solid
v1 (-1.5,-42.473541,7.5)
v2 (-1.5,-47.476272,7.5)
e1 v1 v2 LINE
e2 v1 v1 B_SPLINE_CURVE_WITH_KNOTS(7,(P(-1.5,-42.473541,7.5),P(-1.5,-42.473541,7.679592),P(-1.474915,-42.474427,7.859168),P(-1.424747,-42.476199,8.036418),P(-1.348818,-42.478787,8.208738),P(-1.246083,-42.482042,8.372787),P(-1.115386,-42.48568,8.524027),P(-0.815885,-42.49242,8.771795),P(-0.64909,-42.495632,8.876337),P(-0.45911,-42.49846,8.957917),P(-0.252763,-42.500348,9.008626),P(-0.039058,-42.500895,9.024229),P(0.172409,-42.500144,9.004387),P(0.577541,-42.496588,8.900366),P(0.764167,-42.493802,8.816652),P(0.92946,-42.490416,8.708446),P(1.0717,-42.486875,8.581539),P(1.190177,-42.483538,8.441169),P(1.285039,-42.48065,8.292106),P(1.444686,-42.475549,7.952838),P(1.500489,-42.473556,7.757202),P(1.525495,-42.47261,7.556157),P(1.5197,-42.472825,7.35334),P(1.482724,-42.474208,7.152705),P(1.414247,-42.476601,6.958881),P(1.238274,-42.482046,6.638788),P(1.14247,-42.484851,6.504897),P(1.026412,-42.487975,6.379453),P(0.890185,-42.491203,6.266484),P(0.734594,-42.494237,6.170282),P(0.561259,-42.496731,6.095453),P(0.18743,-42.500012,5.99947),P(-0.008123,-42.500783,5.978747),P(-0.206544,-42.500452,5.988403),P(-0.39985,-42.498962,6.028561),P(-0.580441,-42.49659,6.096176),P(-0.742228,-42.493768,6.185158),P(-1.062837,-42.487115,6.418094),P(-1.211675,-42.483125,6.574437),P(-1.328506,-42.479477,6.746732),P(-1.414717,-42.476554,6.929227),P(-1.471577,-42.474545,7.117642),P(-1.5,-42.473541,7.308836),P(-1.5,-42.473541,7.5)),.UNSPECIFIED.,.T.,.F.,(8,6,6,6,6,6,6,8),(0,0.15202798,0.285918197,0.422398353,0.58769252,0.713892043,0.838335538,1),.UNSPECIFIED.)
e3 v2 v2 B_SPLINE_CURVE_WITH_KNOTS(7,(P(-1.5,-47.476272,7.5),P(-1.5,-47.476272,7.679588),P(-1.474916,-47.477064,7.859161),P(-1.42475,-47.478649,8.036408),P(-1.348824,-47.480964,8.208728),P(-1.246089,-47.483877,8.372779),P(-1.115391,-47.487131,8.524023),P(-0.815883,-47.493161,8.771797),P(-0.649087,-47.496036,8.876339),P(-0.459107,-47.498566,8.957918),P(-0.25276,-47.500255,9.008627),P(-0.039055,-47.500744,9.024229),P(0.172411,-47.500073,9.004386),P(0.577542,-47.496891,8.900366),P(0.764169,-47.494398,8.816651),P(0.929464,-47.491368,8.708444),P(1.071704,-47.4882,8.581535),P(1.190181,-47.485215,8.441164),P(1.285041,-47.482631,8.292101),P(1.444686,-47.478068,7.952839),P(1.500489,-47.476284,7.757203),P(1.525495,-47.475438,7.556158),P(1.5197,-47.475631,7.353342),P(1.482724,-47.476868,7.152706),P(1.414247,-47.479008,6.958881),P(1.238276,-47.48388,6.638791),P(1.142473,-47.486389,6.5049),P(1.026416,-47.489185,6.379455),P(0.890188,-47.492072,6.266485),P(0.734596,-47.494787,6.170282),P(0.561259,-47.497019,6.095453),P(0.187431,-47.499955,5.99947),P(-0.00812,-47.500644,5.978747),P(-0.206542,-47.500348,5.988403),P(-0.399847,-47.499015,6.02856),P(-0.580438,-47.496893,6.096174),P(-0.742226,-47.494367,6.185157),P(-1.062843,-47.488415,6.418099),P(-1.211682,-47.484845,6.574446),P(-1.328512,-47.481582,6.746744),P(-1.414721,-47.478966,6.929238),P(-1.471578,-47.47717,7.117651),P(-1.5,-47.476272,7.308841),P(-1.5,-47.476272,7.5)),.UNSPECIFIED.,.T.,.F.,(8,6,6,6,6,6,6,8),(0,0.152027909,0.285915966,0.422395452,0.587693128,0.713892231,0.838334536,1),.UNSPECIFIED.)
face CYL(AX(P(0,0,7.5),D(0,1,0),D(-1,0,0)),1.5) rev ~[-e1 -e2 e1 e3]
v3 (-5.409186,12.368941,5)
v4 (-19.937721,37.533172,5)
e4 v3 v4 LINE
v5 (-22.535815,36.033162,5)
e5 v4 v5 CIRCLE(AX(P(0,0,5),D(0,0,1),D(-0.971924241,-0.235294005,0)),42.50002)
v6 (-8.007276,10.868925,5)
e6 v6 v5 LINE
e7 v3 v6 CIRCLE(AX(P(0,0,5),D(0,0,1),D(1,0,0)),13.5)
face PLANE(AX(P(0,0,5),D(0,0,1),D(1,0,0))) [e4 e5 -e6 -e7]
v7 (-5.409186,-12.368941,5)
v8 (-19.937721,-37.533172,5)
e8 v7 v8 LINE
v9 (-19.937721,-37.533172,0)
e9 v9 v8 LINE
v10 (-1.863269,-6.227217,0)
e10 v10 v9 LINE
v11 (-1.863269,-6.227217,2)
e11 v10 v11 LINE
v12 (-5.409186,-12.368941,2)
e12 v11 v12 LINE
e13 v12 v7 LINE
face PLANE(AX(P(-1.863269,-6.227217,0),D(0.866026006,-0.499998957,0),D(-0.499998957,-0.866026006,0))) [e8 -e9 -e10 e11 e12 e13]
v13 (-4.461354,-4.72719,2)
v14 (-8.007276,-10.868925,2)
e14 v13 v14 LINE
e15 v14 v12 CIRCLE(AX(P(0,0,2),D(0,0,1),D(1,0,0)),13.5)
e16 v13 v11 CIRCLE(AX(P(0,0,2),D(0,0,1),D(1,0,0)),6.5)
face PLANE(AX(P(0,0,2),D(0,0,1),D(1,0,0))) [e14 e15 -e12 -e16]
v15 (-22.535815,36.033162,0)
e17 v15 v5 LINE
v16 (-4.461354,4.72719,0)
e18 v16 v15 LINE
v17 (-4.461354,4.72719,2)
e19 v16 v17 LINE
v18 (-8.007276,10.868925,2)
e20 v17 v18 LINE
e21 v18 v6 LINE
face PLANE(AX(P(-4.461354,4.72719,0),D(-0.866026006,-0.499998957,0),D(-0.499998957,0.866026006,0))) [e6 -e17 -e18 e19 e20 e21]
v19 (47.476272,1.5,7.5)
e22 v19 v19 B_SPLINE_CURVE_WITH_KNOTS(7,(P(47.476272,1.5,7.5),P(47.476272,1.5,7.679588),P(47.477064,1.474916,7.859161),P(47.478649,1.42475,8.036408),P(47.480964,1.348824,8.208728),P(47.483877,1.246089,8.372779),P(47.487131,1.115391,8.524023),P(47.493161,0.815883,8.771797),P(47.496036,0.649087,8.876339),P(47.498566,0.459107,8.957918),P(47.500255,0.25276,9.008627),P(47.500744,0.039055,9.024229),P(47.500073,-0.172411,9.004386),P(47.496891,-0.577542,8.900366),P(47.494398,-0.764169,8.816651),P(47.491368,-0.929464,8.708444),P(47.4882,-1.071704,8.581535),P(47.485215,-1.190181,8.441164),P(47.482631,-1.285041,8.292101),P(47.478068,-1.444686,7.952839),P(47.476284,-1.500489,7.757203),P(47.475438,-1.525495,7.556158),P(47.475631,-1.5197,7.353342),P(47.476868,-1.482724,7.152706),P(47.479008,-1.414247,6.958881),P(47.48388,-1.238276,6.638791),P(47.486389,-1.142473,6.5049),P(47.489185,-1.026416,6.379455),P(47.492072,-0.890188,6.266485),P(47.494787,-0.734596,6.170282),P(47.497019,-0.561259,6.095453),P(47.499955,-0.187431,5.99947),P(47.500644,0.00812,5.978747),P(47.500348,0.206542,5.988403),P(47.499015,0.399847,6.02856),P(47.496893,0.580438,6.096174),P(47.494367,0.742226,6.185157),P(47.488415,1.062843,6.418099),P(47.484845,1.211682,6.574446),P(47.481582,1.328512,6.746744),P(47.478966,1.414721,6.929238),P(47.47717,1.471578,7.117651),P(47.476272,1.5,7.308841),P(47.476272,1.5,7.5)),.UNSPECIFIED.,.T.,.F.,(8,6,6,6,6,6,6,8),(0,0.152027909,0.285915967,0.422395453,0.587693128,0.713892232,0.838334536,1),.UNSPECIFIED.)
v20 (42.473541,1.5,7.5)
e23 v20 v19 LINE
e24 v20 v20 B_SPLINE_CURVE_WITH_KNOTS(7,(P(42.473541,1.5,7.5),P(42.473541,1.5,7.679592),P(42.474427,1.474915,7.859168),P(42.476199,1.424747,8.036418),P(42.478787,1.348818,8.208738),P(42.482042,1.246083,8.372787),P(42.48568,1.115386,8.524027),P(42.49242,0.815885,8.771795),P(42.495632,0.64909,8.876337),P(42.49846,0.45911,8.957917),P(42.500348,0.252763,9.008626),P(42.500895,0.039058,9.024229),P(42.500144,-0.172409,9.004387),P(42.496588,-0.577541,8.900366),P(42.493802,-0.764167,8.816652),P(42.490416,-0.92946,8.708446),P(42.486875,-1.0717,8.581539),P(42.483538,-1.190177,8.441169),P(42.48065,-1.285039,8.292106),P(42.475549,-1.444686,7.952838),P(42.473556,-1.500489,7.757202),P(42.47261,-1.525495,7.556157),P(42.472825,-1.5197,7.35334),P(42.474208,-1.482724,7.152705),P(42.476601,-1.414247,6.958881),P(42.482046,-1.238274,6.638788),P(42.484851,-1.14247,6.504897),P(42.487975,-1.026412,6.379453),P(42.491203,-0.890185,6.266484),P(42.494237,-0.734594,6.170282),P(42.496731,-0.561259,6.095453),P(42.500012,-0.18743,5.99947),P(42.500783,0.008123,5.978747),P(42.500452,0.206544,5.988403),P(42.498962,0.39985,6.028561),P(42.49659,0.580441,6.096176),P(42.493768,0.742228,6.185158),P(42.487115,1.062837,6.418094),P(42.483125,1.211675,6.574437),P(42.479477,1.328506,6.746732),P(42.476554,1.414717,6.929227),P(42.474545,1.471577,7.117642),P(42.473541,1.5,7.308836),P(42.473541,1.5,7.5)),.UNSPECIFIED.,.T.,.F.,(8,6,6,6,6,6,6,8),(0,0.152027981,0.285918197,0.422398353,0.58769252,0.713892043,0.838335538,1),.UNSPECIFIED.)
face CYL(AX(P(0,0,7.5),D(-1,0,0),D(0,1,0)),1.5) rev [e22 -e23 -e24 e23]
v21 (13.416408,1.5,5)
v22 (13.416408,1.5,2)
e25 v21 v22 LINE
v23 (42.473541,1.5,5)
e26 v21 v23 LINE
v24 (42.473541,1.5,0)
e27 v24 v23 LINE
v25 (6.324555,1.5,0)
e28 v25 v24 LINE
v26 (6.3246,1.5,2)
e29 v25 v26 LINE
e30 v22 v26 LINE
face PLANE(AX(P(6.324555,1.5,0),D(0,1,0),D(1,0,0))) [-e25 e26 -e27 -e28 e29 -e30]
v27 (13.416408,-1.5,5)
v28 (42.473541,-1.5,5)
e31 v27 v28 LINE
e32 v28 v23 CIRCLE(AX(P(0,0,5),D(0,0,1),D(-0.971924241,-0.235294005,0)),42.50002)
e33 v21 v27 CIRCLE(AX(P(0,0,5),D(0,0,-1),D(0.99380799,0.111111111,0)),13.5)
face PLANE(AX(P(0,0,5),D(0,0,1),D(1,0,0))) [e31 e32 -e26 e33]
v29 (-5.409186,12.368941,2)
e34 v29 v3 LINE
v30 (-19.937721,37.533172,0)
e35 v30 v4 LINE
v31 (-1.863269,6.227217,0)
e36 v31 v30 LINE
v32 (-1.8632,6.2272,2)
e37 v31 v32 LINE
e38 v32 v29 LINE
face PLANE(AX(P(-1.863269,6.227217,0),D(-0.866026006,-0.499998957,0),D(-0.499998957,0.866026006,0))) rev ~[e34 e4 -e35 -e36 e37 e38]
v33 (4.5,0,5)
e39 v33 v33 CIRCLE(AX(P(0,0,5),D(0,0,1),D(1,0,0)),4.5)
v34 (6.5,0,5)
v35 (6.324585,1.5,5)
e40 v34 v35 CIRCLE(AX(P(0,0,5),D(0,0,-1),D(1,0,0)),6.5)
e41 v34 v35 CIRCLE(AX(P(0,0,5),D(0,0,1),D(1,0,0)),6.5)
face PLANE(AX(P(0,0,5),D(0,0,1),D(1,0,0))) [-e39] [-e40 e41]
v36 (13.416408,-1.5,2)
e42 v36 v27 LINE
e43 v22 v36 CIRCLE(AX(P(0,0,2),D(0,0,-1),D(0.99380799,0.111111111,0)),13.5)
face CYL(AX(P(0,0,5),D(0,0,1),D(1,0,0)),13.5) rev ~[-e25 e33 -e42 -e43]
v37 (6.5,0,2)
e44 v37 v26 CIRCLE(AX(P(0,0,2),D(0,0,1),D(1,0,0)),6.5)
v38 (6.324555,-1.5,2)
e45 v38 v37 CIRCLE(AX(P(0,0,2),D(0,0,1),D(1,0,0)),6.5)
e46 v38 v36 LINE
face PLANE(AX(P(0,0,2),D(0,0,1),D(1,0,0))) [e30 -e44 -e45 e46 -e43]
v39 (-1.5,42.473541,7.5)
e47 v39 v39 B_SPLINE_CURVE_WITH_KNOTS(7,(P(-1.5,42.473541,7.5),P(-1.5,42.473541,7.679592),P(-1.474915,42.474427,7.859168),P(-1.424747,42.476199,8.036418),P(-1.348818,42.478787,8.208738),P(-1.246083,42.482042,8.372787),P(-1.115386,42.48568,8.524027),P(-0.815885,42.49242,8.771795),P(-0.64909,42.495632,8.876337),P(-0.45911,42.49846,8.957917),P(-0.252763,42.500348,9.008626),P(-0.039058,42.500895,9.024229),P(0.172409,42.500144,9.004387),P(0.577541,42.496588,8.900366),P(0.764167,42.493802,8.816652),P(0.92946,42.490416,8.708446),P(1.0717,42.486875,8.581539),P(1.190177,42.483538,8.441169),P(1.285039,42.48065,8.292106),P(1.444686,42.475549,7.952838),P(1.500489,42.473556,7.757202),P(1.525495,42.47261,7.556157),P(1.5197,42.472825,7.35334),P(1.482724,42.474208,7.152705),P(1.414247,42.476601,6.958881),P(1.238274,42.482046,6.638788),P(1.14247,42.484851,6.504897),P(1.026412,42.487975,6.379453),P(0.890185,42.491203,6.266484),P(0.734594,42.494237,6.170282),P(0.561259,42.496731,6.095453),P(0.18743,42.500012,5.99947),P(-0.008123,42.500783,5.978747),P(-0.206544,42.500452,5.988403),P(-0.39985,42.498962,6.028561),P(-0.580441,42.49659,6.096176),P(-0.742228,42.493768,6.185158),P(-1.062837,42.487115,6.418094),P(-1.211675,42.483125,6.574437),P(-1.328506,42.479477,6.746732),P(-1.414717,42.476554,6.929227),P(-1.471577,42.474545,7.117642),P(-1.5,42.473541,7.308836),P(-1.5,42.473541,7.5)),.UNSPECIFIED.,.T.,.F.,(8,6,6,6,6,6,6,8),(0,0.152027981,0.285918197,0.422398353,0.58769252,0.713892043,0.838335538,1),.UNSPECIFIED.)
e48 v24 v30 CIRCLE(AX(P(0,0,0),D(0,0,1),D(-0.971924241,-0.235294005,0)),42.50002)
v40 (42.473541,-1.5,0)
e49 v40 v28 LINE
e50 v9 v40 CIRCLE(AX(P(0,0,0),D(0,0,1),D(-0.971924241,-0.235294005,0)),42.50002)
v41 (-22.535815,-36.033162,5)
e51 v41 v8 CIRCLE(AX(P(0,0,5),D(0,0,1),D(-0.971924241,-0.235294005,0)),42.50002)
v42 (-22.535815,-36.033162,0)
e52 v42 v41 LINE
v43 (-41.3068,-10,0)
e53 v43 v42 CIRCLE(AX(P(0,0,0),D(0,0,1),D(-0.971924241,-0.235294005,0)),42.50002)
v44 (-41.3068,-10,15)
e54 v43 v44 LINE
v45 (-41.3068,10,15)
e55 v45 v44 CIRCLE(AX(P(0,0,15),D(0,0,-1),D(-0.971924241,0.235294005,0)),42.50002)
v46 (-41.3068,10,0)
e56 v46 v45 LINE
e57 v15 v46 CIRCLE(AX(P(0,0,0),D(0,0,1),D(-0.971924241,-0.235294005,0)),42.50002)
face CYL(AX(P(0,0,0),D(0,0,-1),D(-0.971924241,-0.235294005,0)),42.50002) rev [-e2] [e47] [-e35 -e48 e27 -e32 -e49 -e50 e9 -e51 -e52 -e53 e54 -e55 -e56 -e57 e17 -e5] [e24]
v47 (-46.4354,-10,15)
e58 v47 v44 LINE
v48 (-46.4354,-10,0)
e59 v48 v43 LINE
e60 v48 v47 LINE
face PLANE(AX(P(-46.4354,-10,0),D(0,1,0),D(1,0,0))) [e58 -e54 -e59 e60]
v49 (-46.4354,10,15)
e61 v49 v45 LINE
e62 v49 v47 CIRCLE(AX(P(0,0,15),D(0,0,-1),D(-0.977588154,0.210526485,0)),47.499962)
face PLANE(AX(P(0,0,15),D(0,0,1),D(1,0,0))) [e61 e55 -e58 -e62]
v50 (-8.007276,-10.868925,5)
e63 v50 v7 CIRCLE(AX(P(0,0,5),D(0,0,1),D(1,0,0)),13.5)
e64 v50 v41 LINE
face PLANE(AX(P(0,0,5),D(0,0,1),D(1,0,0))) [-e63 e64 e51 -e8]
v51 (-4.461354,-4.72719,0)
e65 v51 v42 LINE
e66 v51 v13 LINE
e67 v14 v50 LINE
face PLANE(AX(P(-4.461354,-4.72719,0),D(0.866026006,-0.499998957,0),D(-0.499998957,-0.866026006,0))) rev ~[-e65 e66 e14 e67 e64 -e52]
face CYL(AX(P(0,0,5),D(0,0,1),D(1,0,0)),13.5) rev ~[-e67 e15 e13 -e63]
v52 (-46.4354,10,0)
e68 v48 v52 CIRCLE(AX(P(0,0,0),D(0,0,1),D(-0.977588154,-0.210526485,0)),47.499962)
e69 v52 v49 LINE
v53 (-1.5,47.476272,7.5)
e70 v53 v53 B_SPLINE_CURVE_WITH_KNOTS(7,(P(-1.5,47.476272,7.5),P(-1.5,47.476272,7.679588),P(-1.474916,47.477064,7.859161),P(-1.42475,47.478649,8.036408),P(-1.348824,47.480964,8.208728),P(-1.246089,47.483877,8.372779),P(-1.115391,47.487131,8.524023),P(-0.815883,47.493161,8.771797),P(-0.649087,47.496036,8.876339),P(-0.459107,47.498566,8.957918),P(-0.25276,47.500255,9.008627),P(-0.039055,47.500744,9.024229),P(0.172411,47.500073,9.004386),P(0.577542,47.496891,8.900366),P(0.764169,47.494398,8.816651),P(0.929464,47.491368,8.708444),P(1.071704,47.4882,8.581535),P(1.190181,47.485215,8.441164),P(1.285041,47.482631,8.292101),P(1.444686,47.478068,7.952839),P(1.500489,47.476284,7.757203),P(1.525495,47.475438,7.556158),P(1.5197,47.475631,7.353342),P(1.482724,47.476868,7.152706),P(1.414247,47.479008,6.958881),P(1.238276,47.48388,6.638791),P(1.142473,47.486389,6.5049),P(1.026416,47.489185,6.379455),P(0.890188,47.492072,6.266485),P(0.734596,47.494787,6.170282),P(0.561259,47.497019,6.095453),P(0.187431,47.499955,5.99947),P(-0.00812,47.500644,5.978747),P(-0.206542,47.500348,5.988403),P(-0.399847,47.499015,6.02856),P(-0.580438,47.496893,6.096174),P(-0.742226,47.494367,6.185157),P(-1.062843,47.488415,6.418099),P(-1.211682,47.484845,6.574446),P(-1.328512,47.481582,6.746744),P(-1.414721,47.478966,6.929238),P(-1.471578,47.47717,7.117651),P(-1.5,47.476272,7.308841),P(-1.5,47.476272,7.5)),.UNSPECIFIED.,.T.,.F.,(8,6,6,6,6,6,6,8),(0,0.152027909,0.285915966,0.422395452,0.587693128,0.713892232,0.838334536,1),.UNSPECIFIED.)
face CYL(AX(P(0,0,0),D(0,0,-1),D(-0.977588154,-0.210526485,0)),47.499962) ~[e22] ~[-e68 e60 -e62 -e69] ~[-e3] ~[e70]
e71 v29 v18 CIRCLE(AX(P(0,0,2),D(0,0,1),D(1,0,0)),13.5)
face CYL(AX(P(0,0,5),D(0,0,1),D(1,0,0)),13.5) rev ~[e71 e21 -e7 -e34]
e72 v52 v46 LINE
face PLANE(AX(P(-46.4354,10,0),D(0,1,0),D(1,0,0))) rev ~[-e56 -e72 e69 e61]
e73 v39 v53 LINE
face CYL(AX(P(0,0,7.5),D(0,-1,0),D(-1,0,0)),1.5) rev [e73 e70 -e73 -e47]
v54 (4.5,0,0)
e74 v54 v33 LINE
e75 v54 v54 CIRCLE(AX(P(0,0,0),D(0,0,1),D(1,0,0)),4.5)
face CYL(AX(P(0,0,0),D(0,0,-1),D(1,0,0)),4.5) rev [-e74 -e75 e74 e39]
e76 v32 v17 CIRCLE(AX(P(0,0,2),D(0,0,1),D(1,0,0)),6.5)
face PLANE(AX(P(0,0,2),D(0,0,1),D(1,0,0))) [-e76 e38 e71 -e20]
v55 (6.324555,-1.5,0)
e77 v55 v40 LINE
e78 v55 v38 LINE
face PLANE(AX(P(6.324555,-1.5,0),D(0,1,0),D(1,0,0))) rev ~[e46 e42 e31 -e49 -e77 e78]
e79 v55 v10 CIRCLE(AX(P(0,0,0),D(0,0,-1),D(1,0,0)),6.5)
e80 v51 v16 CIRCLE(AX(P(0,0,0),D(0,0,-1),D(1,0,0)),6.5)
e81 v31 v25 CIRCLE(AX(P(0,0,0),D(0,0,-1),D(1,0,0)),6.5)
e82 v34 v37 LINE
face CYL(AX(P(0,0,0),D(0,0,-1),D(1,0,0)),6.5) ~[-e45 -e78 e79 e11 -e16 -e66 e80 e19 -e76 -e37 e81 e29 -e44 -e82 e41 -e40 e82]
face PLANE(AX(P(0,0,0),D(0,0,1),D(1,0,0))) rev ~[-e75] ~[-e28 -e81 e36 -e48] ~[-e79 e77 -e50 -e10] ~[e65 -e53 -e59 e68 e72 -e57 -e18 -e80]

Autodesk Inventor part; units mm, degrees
ref_plane "YZ Plane" through (0, 0, 0) normal (1, 0, 0) x (0, 1, 0)
ref_plane "XZ Plane" through (0, 0, 0) normal (0, 1, 0) x (-1, 0, 0)
ref_plane "XY Plane" through (0, 0, 0) normal (0, 0, 1) x (1, 0, 0)
sketch "Sketch1" plane through (0, 0, 0) normal (0, 0, 1) x (1, 0, 0)
  circle A0 centre (0, 0) radius 47.5 construction
  line L0 (-46.4354, 10) -> (-46.4354, -10) construction
  circle A1 centre (0, 0) radius 42.5 construction
  line L1 (-46.4354, 10) -> (-41.3068, 10)
  line L2 (-46.4354, -10) -> (-41.3068, -10)
  arc A2 (-46.4354, -10) -> (-46.4354, 10) centre (0, 0) ccw
  arc A3 (-41.3068, -10) -> (-41.3068, 10) centre (0, 0) ccw
  circle A4 centre (0, 0) radius 4.5
  circle A5 centre (0, 0) radius 6.5
  line L3 (4.2426, 1.5) -> (47.4763, 1.5)
  line L4 (4.2426, -1.5) -> (47.4763, -1.5)
  arc A6 (4.2426, -1.5) -> (4.2426, 1.5) centre (0, 0) ccw
  arc A7 (47.4763, -1.5) -> (47.4763, 1.5) centre (0, 0) ccw
  line L5 (-3.4204, 2.9242) -> (-25.0372, 40.3657)
  line L6 (-0.8223, 4.4242) -> (-22.4391, 41.8657)
  line L7 (-0.8223, -4.4242) -> (-22.4391, -41.8657)
  line L8 (-3.4204, -2.9242) -> (-25.0372, -40.3657)
  arc A8 (-0.8223, 4.4242) -> (-3.4204, 2.9242) centre (0, 0) ccw
  arc A9 (-3.4204, -2.9242) -> (-0.8223, -4.4242) centre (0, 0) ccw
  arc A10 (-22.4391, 41.8657) -> (-25.0372, 40.3657) centre (0, 0) ccw
  arc A11 (-25.0372, -40.3657) -> (-22.4391, -41.8657) centre (0, 0) ccw
  point P0 (-46.4354, 0)
  dimension "d0" = 95
  dimension "d1" = 20
  dimension "d2" = 5
  dimension "d5" = 9
  dimension "d7" = 3
  dimension "d10" = 360
  dimension "d17" = 13
extrude "Extrusion1" add sketch "Sketch1" along normal blind 15 contours A2 L5 A3 L1 | A2 L6 A3 L5 | A2 L3 A3 L6 | L5 A4 L8 A5 | A5 L6 A4 L5 | A2 L4 A3 L3 | A5 L3 A4 L6 | L8 A4 L7 A5 | A2 L7 A3 L4 | A5 L4 A4 L3 | L7 A4 L4 A5 | L8 A2 L2 A3 | A3 L7 A2 L8
extrude "Extrusion2" add sketch "Sketch1" along normal blind 5 contours A2 L6 A3 L5 | A3 L6 A5 L5 | A5 L6 A4 L5 | A2 L4 A3 L3 | A3 L4 A5 L3 | L8 A4 L7 A5 | A5 L7 A3 L8 | A5 L4 A4 L3 | A3 L7 A2 L8
sketch "Sketch3" plane through (0, 0, 15) normal (0, 0, 1) x (1, 0, 0)
  circle A0 centre (0, 0) radius 4.5 projected
  circle A1 centre (0, 0) radius 6.5 projected
  point P0 (0, 0)
extrude "Extrusion3" cut sketch "Sketch3" against normal blind 10
sketch "Sketch4" plane through (0, 0, 5) normal (0, 0, 1) x (1, 0, 0)
  arc A0 (6.3246, 1.5) -> (-1.8632, 6.2272) centre (0, 0) ccw projected
  line L0 (42.4735, 1.5) -> (6.3246, 1.5) projected
  circle A1 centre (0, 0) radius 6.5
  circle A2 centre (0, 0) radius 13.5
  point P0 (0, 0)
  dimension "d18" = 27
extrude "Extrusion4" cut sketch "Sketch4" against normal blind 3
sketch "Sketch5" plane through (0, 0, 0) normal (1, 0, 0) x (0, 1, 0)
  line L0 (-10, 0) -> (10, 0) projected
  line L1 (10, 0) -> (10, 15) projected
  line L2 (-10, 15) -> (10, 15) projected
  line L3 (-10, 0) -> (-10, 15) projected
  circle A0 centre (0, 7.5) radius 1.5
  point P0 (0, 0)
  point P1 (-10, 7.5)
  point P2 (0, 0)
  dimension "d21" = 3
extrude "Extrusion5" cut sketch "Sketch5" along normal through all contours A0
sketch "Sketch6" plane through (0, 0, 0) normal (0, 1, 0) x (-1, 0, 0)
  circle A0 centre (0, 7.5) radius 1.5
  point P0 (0, 0)
  dimension "d24" = 3
  dimension "d25" = 7.5
extrude "Extrusion6" cut sketch "Sketch6" along normal through all both and the other way through all
properties part number "AA051" material "ABS Plastic"
